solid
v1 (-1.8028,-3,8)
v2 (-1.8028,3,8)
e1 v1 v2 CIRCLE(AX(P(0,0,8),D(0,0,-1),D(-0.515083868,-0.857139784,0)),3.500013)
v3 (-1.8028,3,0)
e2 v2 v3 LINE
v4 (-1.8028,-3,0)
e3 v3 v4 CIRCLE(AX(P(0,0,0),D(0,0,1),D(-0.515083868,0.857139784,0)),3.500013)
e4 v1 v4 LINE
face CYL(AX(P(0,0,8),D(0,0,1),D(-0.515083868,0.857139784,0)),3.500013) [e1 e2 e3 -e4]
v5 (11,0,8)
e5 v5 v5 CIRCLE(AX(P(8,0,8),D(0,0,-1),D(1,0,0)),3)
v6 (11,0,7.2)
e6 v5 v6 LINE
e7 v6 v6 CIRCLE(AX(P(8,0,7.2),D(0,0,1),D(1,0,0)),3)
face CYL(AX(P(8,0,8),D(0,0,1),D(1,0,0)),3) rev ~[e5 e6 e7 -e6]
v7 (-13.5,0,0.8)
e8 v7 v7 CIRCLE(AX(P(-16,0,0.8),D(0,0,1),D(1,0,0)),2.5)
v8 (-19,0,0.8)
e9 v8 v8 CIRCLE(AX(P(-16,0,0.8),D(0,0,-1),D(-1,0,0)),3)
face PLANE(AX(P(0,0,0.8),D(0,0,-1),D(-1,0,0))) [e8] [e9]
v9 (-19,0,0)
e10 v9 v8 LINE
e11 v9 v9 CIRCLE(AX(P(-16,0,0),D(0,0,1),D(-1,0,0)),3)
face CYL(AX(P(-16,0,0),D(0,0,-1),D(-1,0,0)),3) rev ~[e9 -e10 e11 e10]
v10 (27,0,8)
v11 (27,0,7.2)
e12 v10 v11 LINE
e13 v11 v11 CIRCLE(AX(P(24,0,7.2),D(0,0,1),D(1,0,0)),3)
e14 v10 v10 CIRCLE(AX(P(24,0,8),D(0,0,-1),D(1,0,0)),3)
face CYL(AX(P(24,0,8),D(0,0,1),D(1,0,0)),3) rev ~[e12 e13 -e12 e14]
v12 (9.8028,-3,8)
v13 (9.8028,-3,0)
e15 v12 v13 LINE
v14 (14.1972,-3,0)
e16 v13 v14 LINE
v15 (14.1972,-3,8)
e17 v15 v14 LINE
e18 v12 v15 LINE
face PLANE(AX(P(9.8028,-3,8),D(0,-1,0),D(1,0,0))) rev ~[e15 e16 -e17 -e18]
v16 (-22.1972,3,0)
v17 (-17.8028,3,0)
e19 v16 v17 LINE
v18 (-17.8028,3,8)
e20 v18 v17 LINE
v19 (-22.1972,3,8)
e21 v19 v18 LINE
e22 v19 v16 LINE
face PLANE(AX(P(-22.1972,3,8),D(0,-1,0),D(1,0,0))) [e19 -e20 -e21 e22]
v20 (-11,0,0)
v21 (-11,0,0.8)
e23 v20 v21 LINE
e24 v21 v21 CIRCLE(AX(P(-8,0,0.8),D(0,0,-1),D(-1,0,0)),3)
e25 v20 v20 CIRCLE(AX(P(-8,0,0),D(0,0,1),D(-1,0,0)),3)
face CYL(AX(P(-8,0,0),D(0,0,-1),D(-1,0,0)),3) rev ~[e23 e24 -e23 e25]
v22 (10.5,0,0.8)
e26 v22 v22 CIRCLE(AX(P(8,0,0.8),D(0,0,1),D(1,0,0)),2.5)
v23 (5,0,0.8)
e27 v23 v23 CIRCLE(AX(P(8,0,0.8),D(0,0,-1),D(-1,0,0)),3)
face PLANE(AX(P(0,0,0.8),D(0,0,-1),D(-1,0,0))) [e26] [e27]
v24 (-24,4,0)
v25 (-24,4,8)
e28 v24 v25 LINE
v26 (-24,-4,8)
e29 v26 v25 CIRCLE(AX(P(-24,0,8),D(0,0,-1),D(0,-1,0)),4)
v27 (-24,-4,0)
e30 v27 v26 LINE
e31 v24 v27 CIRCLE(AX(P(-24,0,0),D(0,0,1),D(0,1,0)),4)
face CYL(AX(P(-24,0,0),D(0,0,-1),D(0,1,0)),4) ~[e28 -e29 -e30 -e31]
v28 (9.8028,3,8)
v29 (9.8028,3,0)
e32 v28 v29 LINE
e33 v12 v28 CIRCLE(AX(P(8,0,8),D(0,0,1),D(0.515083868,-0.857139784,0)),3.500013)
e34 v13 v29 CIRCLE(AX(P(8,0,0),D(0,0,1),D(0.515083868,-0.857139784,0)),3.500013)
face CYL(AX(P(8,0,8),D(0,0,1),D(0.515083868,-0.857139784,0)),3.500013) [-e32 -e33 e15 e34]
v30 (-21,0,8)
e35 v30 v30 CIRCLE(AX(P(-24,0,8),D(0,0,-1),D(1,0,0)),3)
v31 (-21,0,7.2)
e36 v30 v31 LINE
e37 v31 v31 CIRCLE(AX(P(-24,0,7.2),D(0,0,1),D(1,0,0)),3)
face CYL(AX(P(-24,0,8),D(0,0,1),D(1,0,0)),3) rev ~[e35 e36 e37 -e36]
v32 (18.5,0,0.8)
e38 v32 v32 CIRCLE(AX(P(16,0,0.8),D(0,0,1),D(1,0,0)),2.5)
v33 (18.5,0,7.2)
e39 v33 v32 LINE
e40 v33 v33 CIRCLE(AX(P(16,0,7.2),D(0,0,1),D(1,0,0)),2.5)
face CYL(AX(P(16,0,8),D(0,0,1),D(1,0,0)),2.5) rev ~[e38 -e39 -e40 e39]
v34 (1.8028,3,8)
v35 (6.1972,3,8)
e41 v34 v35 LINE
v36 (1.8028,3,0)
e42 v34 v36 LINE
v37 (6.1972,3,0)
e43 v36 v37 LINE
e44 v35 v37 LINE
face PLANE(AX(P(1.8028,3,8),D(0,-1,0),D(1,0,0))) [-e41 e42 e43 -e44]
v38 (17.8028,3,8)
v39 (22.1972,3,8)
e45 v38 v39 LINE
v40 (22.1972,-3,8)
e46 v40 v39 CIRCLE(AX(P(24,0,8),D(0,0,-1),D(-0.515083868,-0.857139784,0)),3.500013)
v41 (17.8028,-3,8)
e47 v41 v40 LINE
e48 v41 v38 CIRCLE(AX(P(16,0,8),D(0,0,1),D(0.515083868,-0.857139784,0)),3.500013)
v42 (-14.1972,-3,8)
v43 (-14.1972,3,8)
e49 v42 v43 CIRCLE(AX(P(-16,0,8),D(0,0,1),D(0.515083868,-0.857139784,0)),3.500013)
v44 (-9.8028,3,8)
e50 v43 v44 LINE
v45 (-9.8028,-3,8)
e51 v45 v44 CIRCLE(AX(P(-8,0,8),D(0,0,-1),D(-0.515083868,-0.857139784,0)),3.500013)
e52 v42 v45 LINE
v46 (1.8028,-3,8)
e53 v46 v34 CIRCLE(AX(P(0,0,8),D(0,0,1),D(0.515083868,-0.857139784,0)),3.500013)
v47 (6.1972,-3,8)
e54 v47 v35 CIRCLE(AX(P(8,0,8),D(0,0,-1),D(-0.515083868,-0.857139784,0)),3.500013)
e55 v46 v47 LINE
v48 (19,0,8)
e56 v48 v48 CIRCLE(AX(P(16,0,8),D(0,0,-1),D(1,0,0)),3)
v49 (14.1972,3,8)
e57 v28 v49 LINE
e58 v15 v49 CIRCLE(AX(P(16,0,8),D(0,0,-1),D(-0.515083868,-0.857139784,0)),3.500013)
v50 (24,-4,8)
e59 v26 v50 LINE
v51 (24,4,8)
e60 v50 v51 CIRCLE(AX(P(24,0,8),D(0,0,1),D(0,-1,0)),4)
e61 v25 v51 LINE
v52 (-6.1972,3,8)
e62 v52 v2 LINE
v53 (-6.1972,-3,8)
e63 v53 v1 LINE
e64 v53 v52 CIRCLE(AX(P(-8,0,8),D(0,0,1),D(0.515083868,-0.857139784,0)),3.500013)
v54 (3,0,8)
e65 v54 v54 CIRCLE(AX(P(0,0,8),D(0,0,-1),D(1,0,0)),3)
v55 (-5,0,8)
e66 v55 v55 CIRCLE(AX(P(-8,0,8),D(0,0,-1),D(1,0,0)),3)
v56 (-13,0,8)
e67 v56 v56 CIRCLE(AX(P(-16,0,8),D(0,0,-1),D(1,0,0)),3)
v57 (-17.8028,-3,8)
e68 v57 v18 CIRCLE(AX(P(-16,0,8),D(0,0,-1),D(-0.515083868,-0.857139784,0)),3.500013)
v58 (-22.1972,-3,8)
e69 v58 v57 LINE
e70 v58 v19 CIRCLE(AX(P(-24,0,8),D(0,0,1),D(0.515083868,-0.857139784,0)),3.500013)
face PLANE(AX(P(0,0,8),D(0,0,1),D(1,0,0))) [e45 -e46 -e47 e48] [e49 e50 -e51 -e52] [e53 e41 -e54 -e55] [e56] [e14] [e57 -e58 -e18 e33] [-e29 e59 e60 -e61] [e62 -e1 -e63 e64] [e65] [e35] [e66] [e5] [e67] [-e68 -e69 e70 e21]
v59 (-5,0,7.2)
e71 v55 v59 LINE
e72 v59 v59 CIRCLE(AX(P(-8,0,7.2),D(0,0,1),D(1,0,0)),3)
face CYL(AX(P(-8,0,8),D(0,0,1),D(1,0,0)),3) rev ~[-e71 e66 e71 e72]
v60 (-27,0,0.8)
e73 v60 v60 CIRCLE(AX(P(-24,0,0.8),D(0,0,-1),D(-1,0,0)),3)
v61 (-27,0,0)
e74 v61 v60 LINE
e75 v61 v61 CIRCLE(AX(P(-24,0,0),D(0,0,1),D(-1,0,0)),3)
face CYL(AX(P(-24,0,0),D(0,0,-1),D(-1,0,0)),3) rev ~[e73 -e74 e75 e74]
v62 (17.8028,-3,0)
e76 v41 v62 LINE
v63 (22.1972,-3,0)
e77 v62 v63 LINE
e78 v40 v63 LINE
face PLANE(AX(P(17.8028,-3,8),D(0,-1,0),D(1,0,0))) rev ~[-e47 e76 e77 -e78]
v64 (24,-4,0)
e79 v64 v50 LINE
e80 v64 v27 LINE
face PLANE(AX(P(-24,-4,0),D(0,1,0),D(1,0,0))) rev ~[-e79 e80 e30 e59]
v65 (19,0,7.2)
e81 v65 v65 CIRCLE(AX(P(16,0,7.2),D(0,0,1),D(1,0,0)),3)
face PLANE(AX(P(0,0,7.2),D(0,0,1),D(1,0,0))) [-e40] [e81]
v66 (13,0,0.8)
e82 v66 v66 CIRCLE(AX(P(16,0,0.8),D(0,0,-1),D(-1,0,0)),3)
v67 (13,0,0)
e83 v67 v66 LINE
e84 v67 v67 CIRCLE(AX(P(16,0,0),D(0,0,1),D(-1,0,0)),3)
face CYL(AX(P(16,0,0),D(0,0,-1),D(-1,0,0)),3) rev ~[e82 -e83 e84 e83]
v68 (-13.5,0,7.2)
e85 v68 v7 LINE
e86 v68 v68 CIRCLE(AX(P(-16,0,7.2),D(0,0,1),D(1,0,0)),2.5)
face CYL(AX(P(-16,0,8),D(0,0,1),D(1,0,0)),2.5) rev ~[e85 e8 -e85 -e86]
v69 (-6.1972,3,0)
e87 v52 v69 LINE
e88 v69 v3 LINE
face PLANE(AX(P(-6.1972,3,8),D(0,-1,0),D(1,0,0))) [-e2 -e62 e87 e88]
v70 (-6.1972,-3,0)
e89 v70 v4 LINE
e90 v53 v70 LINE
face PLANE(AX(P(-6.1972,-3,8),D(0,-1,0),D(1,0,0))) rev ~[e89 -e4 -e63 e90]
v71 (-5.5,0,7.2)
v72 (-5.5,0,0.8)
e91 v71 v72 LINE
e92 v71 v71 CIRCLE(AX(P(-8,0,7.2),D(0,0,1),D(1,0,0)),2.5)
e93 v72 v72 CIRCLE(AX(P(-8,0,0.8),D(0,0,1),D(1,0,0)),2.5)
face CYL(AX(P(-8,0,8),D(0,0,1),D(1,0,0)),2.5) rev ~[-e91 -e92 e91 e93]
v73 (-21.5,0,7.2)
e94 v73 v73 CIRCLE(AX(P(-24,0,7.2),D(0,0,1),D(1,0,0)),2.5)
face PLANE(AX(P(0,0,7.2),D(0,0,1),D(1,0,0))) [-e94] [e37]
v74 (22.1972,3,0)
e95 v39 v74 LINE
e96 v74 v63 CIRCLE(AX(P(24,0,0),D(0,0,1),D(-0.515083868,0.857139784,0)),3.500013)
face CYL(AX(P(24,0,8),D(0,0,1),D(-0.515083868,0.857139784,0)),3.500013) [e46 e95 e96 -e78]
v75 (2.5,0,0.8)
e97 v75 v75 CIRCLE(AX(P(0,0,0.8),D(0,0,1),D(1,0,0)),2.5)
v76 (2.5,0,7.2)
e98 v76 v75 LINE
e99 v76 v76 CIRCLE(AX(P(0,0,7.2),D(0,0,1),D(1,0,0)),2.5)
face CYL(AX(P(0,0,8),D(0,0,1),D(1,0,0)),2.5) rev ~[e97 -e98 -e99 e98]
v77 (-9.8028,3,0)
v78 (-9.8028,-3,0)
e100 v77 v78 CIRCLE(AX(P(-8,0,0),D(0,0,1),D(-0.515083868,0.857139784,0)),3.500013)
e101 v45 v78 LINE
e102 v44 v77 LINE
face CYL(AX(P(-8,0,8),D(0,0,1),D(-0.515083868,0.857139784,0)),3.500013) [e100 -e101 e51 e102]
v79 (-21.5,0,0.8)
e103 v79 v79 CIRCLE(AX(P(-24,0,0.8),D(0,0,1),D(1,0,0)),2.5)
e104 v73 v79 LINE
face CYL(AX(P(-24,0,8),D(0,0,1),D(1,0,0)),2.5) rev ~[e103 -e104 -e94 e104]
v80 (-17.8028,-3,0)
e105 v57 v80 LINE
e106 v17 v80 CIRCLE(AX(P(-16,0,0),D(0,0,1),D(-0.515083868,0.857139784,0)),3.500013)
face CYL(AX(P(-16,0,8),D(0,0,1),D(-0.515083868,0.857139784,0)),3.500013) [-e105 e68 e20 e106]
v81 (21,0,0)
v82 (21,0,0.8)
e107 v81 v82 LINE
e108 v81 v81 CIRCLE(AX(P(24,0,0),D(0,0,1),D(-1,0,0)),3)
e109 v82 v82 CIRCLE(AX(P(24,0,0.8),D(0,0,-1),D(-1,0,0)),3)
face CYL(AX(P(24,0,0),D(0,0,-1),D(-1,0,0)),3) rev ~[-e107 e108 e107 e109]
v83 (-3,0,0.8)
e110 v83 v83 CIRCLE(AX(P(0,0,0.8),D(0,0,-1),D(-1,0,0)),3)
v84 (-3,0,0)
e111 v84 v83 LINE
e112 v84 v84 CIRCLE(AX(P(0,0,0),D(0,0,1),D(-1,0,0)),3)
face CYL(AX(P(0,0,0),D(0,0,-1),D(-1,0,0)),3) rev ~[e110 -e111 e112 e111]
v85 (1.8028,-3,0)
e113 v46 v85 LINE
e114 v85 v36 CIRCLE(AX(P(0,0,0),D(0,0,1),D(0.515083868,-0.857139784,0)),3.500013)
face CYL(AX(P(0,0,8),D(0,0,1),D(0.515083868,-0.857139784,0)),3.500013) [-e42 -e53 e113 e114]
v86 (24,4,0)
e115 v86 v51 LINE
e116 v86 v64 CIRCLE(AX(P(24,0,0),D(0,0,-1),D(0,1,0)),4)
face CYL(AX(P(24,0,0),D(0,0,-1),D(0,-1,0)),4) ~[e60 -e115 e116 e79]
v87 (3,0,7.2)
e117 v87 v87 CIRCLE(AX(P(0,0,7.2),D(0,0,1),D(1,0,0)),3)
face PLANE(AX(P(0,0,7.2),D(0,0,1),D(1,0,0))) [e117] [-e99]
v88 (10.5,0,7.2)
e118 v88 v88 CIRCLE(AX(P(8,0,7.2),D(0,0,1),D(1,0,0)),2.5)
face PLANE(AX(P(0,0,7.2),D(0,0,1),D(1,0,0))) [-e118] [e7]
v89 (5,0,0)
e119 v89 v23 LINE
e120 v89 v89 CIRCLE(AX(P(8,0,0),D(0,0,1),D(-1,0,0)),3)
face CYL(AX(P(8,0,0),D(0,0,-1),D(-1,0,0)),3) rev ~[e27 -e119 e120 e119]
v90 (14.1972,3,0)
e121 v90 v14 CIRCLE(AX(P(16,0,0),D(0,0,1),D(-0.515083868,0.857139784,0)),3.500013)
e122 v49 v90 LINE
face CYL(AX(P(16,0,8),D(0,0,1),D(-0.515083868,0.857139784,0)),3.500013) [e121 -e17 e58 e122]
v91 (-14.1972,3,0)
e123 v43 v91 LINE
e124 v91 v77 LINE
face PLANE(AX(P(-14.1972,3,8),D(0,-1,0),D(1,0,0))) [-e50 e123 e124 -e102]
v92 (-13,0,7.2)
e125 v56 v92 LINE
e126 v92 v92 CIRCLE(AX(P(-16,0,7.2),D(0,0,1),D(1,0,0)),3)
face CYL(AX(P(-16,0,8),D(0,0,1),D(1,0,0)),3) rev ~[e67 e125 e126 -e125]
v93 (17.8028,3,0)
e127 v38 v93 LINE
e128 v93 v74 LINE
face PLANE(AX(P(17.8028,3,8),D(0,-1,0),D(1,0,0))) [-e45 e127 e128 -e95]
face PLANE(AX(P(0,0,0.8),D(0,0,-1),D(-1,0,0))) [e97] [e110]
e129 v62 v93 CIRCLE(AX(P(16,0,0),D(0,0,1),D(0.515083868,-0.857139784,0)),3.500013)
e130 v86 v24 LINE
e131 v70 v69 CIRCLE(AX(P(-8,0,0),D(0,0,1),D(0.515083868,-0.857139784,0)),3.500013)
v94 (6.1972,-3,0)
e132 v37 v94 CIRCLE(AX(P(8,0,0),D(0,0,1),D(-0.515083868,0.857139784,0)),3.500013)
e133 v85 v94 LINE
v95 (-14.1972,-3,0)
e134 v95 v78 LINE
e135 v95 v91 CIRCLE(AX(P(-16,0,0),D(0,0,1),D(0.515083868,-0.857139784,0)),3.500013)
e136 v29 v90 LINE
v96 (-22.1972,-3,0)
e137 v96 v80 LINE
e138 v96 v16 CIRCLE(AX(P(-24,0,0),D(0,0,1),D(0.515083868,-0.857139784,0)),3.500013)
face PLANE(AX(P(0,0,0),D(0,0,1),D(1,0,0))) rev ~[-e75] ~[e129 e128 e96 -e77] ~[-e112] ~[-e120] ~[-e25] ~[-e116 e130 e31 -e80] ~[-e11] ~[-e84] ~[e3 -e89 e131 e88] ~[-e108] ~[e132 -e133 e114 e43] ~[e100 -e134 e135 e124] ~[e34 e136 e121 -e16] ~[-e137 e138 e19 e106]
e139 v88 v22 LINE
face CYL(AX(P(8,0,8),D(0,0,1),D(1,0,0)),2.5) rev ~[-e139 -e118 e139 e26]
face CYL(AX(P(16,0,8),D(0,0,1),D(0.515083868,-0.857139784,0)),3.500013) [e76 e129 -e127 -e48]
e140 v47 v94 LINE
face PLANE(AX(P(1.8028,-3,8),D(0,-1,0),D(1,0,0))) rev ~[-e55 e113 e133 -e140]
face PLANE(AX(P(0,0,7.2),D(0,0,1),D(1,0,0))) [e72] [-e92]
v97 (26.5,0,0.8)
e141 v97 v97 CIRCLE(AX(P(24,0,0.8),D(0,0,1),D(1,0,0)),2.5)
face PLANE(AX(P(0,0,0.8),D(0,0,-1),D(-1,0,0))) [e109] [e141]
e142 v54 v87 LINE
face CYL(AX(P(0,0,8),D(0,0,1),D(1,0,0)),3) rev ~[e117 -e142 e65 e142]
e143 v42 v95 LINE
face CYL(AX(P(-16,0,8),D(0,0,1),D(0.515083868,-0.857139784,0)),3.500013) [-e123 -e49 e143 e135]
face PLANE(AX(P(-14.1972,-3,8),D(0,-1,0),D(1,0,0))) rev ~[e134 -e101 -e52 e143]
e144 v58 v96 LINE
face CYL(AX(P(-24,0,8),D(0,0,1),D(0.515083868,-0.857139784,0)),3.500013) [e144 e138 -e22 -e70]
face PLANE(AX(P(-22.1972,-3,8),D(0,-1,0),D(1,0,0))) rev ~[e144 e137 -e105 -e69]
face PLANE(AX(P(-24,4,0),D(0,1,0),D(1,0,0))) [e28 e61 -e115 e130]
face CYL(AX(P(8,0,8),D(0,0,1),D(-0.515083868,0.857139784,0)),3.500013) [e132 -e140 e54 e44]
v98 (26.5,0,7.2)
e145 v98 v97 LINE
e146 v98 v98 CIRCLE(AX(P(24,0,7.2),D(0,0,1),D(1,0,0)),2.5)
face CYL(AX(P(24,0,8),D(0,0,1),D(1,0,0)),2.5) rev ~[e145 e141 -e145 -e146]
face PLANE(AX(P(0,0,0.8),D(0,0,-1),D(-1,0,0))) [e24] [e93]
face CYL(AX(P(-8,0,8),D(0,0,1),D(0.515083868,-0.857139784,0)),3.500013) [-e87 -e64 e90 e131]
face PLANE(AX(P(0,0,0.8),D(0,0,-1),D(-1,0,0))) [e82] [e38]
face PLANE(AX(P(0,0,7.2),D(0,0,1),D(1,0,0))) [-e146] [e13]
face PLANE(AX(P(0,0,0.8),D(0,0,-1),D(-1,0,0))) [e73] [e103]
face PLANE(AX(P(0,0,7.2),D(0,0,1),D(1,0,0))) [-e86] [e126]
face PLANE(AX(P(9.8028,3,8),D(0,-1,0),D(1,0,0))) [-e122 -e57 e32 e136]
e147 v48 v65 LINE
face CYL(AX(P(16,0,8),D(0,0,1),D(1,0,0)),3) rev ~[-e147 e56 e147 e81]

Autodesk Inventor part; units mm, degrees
ref_plane "YZ Plane" through (0, 0, 0) normal (1, 0, 0) x (0, 1, 0)
ref_plane "XZ Plane" through (0, 0, 0) normal (0, 1, 0) x (-1, 0, 0)
ref_plane "XY Plane" through (0, 0, 0) normal (0, 0, 1) x (1, 0, 0)
sketch "Sketch2" plane through (0, 0, 0) normal (0, 0, 1) x (1, 0, 0)
  arc A0 (-24, 4) -> (-24, -4) centre (-24, 0) ccw
  arc A1 (24, -4) -> (24, 4) centre (24, 0) ccw
  line L0 (-24, 4) -> (24, 4)
  line L1 (-24, -4) -> (24, -4)
  line L2 (-39.2, 0) -> (39.2, 0) projected
  line L3 (0, -5.6) -> (0, 5.6) projected
  point P0 (0, 0)
  dimension "d0" = 4
  dimension "d1" = 4
  dimension "d2" = 48
  dimension "d3" = 0
  dimension "d4" = 24
  dimension "d9" = 180
  dimension "d10" = 0
  dimension "d98" = 48
extrude "Extrusion1" add sketch "Sketch2" along normal blind 8
sketch "Sketch11" plane through (0, 0, 8) normal (0, 0, 1) x (1, 0, 0)
  arc A0 (-24, 4) -> (-24, -4) centre (-24, 0) ccw projected
  circle A1 centre (-24, 0) radius 2.5
  line L0 (-39.2, 0) -> (39.2, 0) projected
  circle A2 centre (-16, 0) radius 2.5
  circle A3 centre (-8, 0) radius 2.5
  circle A4 centre (0, 0) radius 2.5
  circle A5 centre (8, 0) radius 2.5
  circle A6 centre (16, 0) radius 2.5
  circle A7 centre (24, 0) radius 2.5
  dimension "d99" = 5
  dimension "d105" = 8
extrude "Extrusion10" cut sketch "Sketch11" against normal through all
sketch "Sketch12" plane through (0, 0, 8) normal (0, 0, 1) x (1, 0, 0)
  circle A0 centre (24, 0) radius 2.5 projected
  circle A1 centre (16, 0) radius 2.5 projected
  circle A2 centre (8, 0) radius 2.5 projected
  circle A3 centre (0, 0) radius 2.5 projected
  circle A4 centre (-8, 0) radius 2.5 projected
  circle A5 centre (-16, 0) radius 2.5 projected
  circle A6 centre (-24, 0) radius 2.5 projected
  arc A7 (-24, 4) -> (-24, -4) centre (-24, 0) ccw projected
  circle A8 centre (-24, 0) radius 3
  line L0 (-39.2, 0) -> (39.2, 0) projected
  circle A9 centre (-16, 0) radius 3
  circle A10 centre (-8, 0) radius 3
  circle A11 centre (0, 0) radius 3
  circle A12 centre (8, 0) radius 3
  circle A13 centre (16, 0) radius 3
  circle A14 centre (24, 0) radius 3
  dimension "d109" = 6
  dimension "d115" = 8
extrude "Extrusion11" cut sketch "Sketch12" against normal blind 0.8 contours L0 A14 A0 | A0 L0 A14 | A8 L0 A6 | L0 A6 A8 | A9 L0 A5 | L0 A5 A9 | A10 L0 A4 | L0 A4 A10 | A11 L0 A3 | L0 A3 A11 | A12 L0 A2 | L0 A2 A12 | A13 L0 A1 | L0 A1 A13
sketch "Sketch13" plane through (0, 0, 0) normal (0, 0, -1) x (-1, 0, 0)
  circle A0 centre (-24, 0) radius 2.5 projected
  circle A1 centre (-16, 0) radius 2.5 projected
  circle A2 centre (-8, 0) radius 2.5 projected
  circle A3 centre (0, 0) radius 2.5 projected
  circle A4 centre (8, 0) radius 2.5 projected
  circle A5 centre (16, 0) radius 2.5 projected
  circle A6 centre (24, 0) radius 2.5 projected
  arc A7 (-24, 4) -> (-24, -4) centre (-24, 0) ccw projected
  circle A8 centre (-24, 0) radius 3
  line L0 (39.2, 0) -> (-39.2, 0) projected
  circle A9 centre (-16, 0) radius 3
  circle A10 centre (-8, 0) radius 3
  circle A11 centre (0, 0) radius 3
  circle A12 centre (8, 0) radius 3
  circle A13 centre (16, 0) radius 3
  circle A14 centre (24, 0) radius 3
  dimension "d119" = 6
  dimension "d125" = 8
extrude "Extrusion12" cut sketch "Sketch13" against normal blind 0.8 contours L0 A8 A0 | A0 L0 A8 | A14 L0 A6 | L0 A6 A14 | A13 L0 A5 | L0 A5 A13 | A12 L0 A4 | L0 A4 A12 | A11 L0 A3 | L0 A3 A11 | A10 L0 A2 | L0 A2 A10 | A9 L0 A1 | L0 A1 A9
sketch "Sketch14" plane through (0, 0, 8) normal (0, 0, 1) x (1, 0, 0)
  circle A0 centre (-24, 0) radius 3 projected
  circle A1 centre (-16, 0) radius 3 projected
  arc A2 (-24, 4) -> (-24, -4) centre (-24, 0) ccw projected
  line L0 (-24, 4) -> (24, 4) projected
  arc A3 (-22.1972, -3) -> (-22.1972, 3) centre (-24, 0) ccw
  line L1 (-22.1972, 3) -> (-17.8028, 3)
  line L2 (-22.1972, -3) -> (-17.8028, -3)
  arc A4 (-17.8028, 3) -> (-17.8028, -3) centre (-16, 0) ccw
  line L3 (-39.2, 0) -> (39.2, 0) projected
  arc A5 (-14.1972, -3) -> (-14.1972, 3) centre (-16, 0) ccw
  line L4 (-14.1972, 3) -> (-9.8028, 3)
  line L5 (-14.1972, -3) -> (-9.8028, -3)
  arc A6 (-9.8028, 3) -> (-9.8028, -3) centre (-8, 0) ccw
  arc A7 (-6.1972, -3) -> (-6.1972, 3) centre (-8, 0) ccw
  line L6 (-6.1972, 3) -> (-1.8028, 3)
  line L7 (-6.1972, -3) -> (-1.8028, -3)
  arc A8 (-1.8028, 3) -> (-1.8028, -3) centre (0, 0) ccw
  arc A9 (1.8028, -3) -> (1.8028, 3) centre (0, 0) ccw
  line L8 (1.8028, 3) -> (6.1972, 3)
  line L9 (1.8028, -3) -> (6.1972, -3)
  arc A10 (6.1972, 3) -> (6.1972, -3) centre (8, 0) ccw
  arc A11 (9.8028, -3) -> (9.8028, 3) centre (8, 0) ccw
  line L10 (9.8028, 3) -> (14.1972, 3)
  line L11 (9.8028, -3) -> (14.1972, -3)
  arc A12 (14.1972, 3) -> (14.1972, -3) centre (16, 0) ccw
  arc A13 (17.8028, -3) -> (17.8028, 3) centre (16, 0) ccw
  line L12 (17.8028, 3) -> (22.1972, 3)
  line L13 (17.8028, -3) -> (22.1972, -3)
  arc A14 (22.1972, 3) -> (22.1972, -3) centre (24, 0) ccw
  dimension "d129" = 7
  dimension "d131" = 7
  dimension "d137" = 8
extrude "Extrusion13" cut sketch "Sketch14" against normal through all contours A13 L12 A14 L3 | L3 A14 L13 A13 | A11 L10 A12 L3 | L3 A12 L11 A11 | A9 L8 A10 L3 | L3 A10 L9 A9 | A7 L6 A8 L3 | L3 A8 L7 A7 | A5 L4 A6 L3 | L3 A6 L5 A5 | A3 L1 A4 L3 | L3 A4 L2 A3
properties part number "7M Beam"
